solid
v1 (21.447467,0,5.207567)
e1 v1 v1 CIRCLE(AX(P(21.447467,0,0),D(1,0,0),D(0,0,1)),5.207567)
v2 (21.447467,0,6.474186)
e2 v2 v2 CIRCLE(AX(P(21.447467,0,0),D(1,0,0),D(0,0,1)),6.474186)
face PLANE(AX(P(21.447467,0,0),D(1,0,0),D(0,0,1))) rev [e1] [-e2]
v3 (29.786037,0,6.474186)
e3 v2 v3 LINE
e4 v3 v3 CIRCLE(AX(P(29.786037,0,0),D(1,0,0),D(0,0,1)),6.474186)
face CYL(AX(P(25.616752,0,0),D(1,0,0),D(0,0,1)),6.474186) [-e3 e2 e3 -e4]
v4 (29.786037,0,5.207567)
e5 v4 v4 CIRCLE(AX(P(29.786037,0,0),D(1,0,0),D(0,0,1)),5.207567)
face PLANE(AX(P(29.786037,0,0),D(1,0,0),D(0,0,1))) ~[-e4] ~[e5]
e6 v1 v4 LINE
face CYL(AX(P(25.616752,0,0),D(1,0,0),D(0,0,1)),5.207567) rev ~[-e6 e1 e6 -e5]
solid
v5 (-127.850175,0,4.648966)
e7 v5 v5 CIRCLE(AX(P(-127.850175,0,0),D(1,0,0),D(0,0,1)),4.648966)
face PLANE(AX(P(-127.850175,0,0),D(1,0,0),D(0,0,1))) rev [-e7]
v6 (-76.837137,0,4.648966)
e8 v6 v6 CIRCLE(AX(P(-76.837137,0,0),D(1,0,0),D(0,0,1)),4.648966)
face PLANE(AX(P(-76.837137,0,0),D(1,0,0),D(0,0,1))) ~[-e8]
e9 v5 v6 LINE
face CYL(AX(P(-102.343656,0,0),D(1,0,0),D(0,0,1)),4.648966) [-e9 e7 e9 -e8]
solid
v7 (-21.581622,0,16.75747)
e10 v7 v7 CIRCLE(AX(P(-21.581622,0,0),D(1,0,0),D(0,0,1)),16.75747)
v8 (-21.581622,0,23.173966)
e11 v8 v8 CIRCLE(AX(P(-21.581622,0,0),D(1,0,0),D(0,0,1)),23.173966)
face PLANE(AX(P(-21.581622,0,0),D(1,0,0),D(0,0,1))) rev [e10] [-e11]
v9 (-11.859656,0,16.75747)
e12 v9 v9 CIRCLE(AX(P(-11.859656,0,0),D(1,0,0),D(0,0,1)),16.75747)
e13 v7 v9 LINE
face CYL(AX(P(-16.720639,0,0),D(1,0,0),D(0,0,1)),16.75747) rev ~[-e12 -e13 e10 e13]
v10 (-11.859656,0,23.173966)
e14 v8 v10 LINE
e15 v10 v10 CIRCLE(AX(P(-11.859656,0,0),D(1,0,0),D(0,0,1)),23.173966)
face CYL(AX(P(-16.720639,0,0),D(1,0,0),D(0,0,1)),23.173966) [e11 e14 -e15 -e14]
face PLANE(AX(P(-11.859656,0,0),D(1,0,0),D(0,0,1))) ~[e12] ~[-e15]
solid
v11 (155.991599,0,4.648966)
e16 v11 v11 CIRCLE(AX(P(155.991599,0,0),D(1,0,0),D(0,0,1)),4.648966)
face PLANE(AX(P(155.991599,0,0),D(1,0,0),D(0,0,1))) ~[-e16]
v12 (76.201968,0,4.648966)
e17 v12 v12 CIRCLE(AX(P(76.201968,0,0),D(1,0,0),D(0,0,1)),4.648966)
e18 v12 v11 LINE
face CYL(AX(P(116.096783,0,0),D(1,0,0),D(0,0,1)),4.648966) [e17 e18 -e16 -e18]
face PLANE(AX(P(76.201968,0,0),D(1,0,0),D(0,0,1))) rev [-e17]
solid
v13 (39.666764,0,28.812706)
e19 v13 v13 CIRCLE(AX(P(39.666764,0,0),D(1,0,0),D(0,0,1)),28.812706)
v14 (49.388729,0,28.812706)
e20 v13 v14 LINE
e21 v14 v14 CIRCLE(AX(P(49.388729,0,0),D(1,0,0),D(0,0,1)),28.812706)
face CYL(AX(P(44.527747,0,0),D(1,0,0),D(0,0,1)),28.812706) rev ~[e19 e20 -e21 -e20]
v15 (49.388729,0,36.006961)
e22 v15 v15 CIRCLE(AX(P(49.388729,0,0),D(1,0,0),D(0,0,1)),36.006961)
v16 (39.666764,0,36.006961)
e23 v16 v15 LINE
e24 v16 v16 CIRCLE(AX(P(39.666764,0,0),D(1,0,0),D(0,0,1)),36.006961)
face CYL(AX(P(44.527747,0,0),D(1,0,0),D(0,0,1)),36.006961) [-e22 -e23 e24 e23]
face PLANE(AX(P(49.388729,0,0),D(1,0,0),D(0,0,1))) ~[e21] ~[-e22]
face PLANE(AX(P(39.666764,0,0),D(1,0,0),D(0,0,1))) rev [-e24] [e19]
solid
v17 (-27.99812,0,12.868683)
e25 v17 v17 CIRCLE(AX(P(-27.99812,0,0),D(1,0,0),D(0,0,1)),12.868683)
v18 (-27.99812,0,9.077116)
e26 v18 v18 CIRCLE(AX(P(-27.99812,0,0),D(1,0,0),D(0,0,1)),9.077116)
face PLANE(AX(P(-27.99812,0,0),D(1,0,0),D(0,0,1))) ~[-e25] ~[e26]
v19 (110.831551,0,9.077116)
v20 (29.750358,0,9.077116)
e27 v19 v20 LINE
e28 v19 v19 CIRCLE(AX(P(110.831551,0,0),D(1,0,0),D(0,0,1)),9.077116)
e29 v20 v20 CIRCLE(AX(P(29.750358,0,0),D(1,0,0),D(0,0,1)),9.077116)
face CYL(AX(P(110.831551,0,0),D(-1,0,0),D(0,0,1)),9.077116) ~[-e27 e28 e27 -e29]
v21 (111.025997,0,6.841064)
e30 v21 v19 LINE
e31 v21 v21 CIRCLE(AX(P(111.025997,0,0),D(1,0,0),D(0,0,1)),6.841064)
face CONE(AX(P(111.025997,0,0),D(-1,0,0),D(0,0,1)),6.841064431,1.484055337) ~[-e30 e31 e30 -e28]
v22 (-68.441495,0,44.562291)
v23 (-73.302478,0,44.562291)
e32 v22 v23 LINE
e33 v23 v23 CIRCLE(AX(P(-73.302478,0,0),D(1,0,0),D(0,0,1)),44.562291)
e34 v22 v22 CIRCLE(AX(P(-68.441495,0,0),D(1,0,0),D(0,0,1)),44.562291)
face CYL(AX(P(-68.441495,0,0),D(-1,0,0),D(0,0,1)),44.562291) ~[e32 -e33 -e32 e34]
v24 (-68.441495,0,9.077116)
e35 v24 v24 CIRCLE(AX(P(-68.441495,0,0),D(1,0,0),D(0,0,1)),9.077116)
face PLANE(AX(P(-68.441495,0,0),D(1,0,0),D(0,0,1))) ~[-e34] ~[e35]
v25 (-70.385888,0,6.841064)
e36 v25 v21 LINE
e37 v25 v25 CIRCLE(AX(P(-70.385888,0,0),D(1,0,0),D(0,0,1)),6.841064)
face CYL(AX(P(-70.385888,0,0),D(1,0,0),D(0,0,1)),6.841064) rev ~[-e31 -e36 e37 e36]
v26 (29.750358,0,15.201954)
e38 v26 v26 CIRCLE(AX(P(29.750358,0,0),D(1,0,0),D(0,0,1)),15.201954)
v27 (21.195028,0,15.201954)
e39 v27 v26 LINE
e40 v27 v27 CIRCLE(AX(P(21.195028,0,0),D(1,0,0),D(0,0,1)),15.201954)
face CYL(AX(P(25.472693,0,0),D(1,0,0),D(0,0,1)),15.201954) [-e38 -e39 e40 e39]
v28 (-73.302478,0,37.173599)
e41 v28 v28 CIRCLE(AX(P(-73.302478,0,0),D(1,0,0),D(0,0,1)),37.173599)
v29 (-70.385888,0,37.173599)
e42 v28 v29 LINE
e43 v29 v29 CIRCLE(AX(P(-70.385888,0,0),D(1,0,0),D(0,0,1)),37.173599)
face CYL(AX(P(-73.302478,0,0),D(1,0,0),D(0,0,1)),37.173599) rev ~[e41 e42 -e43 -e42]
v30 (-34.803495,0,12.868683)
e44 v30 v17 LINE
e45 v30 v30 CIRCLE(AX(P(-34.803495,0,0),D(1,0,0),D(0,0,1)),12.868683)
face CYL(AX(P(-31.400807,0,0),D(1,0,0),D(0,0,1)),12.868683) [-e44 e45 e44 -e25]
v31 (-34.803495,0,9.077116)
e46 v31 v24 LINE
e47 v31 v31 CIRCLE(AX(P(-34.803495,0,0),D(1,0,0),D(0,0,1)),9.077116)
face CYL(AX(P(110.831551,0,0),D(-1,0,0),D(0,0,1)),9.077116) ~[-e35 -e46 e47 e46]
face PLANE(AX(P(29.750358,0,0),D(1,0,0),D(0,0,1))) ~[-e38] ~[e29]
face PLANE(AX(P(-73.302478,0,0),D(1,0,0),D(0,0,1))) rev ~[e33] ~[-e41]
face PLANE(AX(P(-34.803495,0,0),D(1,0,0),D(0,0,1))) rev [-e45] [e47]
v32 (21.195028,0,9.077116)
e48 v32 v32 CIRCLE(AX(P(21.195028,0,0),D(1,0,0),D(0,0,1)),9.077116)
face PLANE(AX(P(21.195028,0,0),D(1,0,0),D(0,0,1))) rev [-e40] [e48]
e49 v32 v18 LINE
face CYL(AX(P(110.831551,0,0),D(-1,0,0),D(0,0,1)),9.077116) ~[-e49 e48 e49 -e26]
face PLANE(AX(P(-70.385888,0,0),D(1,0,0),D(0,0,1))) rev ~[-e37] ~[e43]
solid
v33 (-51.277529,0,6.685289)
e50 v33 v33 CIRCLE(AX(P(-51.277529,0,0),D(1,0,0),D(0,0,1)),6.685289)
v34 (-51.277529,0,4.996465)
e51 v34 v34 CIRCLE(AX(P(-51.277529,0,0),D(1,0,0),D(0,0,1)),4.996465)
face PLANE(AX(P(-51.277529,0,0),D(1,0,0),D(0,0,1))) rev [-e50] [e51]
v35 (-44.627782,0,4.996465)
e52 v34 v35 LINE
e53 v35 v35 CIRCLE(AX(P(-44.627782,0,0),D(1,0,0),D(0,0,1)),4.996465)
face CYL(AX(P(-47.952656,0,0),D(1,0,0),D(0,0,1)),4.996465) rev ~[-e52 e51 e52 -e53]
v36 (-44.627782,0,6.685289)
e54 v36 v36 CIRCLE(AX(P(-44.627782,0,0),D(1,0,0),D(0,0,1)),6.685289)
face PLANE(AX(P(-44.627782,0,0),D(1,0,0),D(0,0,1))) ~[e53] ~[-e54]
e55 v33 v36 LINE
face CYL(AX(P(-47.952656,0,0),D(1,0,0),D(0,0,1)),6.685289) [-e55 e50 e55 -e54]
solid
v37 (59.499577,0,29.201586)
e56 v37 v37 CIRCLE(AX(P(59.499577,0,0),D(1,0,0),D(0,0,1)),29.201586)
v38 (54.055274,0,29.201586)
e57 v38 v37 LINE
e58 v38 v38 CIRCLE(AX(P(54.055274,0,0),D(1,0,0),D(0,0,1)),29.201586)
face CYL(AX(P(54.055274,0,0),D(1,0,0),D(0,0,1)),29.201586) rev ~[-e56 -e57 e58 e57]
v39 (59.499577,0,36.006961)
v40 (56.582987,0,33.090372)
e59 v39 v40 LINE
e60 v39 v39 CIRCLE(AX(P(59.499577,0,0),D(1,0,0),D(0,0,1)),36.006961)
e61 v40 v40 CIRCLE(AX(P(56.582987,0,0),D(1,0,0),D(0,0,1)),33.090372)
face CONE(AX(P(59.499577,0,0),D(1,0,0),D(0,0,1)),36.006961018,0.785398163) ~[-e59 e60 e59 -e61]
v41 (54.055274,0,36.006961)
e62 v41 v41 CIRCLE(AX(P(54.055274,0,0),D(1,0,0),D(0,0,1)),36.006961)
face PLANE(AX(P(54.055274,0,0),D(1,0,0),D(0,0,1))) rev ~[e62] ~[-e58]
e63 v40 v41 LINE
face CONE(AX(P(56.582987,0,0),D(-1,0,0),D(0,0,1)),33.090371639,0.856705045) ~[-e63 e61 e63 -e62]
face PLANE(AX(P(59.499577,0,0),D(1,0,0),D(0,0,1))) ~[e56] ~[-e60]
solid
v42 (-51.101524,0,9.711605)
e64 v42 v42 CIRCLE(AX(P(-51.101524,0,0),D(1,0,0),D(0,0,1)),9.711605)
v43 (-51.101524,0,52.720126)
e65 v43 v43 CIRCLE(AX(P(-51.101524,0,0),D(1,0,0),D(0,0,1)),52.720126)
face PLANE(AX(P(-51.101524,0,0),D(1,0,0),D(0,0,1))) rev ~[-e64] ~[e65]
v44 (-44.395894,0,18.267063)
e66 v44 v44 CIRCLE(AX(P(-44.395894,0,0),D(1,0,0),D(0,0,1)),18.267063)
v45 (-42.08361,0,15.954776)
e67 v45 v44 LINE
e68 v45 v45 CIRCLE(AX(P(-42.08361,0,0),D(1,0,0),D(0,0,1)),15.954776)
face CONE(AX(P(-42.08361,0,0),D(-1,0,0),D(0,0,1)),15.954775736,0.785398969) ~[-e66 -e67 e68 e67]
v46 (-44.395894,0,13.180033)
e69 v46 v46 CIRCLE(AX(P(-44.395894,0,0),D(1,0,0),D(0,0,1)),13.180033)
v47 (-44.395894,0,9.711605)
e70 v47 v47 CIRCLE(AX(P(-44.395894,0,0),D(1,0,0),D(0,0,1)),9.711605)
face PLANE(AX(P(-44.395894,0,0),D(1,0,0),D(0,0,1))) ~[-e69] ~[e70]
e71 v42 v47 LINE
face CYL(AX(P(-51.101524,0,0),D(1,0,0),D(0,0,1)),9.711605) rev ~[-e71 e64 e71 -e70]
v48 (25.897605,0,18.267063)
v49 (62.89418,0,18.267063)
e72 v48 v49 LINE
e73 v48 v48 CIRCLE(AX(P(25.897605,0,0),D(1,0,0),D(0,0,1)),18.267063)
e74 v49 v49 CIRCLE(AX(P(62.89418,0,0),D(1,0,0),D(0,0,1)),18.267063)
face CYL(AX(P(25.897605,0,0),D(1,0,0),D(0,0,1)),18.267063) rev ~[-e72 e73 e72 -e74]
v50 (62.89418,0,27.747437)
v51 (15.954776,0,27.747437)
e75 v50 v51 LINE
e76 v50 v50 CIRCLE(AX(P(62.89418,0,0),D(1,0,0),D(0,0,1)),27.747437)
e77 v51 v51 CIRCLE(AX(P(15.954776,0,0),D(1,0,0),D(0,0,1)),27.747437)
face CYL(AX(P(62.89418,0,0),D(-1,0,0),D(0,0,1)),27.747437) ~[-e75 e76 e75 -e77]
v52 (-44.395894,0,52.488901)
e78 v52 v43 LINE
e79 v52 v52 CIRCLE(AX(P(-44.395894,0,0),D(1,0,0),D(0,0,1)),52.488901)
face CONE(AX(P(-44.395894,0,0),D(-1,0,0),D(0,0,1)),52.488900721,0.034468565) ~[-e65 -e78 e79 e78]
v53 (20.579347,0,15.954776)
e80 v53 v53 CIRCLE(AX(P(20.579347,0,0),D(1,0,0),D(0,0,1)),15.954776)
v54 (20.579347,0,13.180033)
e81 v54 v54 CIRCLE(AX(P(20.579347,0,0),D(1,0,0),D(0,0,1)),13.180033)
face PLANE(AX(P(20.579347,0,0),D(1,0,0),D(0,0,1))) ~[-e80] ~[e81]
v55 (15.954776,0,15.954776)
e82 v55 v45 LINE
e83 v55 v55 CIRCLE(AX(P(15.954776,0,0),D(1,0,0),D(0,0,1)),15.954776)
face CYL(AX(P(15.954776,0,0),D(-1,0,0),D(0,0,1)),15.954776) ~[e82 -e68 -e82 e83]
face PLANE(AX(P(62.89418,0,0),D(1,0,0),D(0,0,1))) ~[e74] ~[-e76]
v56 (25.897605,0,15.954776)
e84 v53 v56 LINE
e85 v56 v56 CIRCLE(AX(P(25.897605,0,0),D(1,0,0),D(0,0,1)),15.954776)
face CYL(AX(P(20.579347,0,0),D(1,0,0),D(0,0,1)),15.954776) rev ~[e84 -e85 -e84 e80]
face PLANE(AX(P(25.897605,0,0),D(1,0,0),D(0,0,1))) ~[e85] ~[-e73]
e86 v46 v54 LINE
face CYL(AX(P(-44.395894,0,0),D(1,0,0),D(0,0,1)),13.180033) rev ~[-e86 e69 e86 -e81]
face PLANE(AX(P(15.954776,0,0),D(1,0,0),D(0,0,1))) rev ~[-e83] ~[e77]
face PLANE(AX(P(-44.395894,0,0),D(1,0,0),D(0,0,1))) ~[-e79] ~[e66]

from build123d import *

# Parameters (mm, degrees)
F1_W   = 51.0130375624
F1_H   = 4.6489657834
F1_W_2 = 79.7896310687
F2_W   = 6.8053752184
F2_H   = 3.7915667053
F2_W_2 = 8.5553303361
F2_H_2 = 6.1248380225
F2_W_3 = 9.7219645977
F2_H_3 = 7.1942545474
F2_W_4 = 9.721965529
F2_H_4 = 6.4164958894
F3_W   = 6.6497474909
F3_H   = 1.6888245009
F3_W_2 = 8.3385705948
F3_H_2 = 1.2666182593


with BuildPart() as f4:
    # F0 (on Front) → F4 (revolve)
    with BuildSketch(Plane.XZ):
        Polygon((-44.3958938122, 52.4889007211), (-51.1015243828, 52.7201257646), (-51.1015243828, 9.7116045654), (-44.3958938122, 9.7116045654), (-44.3958938122, 13.1800333038), (20.579347387, 13.1800333038), (20.579347387, 15.9547757357), (25.8976053447, 15.9547757357), (25.8976053447, 18.267063424), (62.8941804171, 18.267063424), (62.8941804171, 27.7474373579), (15.9547757357, 27.7474373579), (15.9547757357, 15.9547757357), (10.4052890092, 15.9547757357), (-42.0836098492, 15.9547757357), (-44.3958938122, 18.267063424), align=None)
    revolve(axis=Axis((-102.3436561227, 0, 0), (1, 0, 0)))


with BuildPart() as f4b:
    # F1 (on Front) → F4, piece 2 (revolve)
    with BuildSketch(Plane.XZ):
        with Locations((-102.3436561227, 2.3244828917)):
            Rectangle(F1_W, F1_H)
    revolve(axis=Axis((-102.3436561227, 0, 0), (1, 0, 0)))


with BuildPart() as f4c:
    # F1 (on Front) → F4, piece 3 (revolve)
    with BuildSketch(Plane.XZ):
        with Locations((116.0967834294, 2.3244828917)):
            Rectangle(F1_W_2, F1_H)
    revolve(axis=Axis((-102.3436561227, 0, 0), (1, 0, 0)))


with BuildPart() as f4d:
    # F2 (on Front) → F4, piece 4 (revolve)
    with BuildSketch(Plane.XZ):
        Polygon((-27.9981195927, 9.0771161485), (-34.8034948111, 9.0771161485), (-68.4414952993, 9.0771161485), (-68.4414952993, 44.5622913539), (-73.3024775982, 44.5622913539), (-73.3024775982, 37.1735990047), (-70.3858882189, 37.1735990047), (-70.3858882189, 6.8410644308), (111.0259965062, 6.8410644308), (110.8315512538, 9.0771161485), (66.1105066538, 9.0771161485), (29.7503583133, 9.0771161485), (21.1950279772, 9.0771161485), align=None)
        with Locations((-31.4008072019, 10.9728995012)):
            Rectangle(F2_W, F2_H)
        with Locations((25.4726931453, 12.1395351598)):
            Rectangle(F2_W_2, F2_H_2)
    revolve(axis=Axis((-102.3436561227, 0, 0), (1, 0, 0)))


with BuildPart() as f4e:
    # F2 (on Front) → F4, piece 5 (revolve)
    with BuildSketch(Plane.XZ):
        with Locations((44.527746737, 32.4098337442)):
            Rectangle(F2_W_3, F2_H_3)
    revolve(axis=Axis((-102.3436561227, 0, 0), (1, 0, 0)))


with BuildPart() as f4f:
    # F2 (on Front) → F4, piece 6 (revolve)
    with BuildSketch(Plane.XZ):
        with Locations((-16.7206390761, 19.965717569)):
            Rectangle(F2_W_4, F2_H_4)
    revolve(axis=Axis((-102.3436561227, 0, 0), (1, 0, 0)))


with BuildPart() as f4g:
    # F3 (on Front) → F4, piece 7 (revolve)
    with BuildSketch(Plane.XZ):
        with Locations((-47.9526557028, 5.8408768382)):
            Rectangle(F3_W, F3_H)
    revolve(axis=Axis((-102.3436561227, 0, 0), (1, 0, 0)))


with BuildPart() as f4h:
    # F2 (on Front) → F4, piece 8 (revolve)
    with BuildSketch(Plane.XZ):
        Polygon((56.5829873085, 33.0903716385), (54.0552735329, 36.0069610178), (54.0552735329, 29.2015857995), (59.4995766878, 29.2015857995), (59.4995766878, 36.0069610178), align=None)
    revolve(axis=Axis((-102.3436561227, 0, 0), (1, 0, 0)))


with BuildPart() as f4i:
    # F3 (on Front) → F4, piece 9 (revolve)
    with BuildSketch(Plane.XZ):
        with Locations((25.6167519838, 5.8408766054)):
            Rectangle(F3_W_2, F3_H_2)
    revolve(axis=Axis((-102.3436561227, 0, 0), (1, 0, 0)))


solid = Compound([f4.part, f4b.part, f4c.part, f4d.part, f4e.part, f4f.part, f4g.part, f4h.part, f4i.part])
